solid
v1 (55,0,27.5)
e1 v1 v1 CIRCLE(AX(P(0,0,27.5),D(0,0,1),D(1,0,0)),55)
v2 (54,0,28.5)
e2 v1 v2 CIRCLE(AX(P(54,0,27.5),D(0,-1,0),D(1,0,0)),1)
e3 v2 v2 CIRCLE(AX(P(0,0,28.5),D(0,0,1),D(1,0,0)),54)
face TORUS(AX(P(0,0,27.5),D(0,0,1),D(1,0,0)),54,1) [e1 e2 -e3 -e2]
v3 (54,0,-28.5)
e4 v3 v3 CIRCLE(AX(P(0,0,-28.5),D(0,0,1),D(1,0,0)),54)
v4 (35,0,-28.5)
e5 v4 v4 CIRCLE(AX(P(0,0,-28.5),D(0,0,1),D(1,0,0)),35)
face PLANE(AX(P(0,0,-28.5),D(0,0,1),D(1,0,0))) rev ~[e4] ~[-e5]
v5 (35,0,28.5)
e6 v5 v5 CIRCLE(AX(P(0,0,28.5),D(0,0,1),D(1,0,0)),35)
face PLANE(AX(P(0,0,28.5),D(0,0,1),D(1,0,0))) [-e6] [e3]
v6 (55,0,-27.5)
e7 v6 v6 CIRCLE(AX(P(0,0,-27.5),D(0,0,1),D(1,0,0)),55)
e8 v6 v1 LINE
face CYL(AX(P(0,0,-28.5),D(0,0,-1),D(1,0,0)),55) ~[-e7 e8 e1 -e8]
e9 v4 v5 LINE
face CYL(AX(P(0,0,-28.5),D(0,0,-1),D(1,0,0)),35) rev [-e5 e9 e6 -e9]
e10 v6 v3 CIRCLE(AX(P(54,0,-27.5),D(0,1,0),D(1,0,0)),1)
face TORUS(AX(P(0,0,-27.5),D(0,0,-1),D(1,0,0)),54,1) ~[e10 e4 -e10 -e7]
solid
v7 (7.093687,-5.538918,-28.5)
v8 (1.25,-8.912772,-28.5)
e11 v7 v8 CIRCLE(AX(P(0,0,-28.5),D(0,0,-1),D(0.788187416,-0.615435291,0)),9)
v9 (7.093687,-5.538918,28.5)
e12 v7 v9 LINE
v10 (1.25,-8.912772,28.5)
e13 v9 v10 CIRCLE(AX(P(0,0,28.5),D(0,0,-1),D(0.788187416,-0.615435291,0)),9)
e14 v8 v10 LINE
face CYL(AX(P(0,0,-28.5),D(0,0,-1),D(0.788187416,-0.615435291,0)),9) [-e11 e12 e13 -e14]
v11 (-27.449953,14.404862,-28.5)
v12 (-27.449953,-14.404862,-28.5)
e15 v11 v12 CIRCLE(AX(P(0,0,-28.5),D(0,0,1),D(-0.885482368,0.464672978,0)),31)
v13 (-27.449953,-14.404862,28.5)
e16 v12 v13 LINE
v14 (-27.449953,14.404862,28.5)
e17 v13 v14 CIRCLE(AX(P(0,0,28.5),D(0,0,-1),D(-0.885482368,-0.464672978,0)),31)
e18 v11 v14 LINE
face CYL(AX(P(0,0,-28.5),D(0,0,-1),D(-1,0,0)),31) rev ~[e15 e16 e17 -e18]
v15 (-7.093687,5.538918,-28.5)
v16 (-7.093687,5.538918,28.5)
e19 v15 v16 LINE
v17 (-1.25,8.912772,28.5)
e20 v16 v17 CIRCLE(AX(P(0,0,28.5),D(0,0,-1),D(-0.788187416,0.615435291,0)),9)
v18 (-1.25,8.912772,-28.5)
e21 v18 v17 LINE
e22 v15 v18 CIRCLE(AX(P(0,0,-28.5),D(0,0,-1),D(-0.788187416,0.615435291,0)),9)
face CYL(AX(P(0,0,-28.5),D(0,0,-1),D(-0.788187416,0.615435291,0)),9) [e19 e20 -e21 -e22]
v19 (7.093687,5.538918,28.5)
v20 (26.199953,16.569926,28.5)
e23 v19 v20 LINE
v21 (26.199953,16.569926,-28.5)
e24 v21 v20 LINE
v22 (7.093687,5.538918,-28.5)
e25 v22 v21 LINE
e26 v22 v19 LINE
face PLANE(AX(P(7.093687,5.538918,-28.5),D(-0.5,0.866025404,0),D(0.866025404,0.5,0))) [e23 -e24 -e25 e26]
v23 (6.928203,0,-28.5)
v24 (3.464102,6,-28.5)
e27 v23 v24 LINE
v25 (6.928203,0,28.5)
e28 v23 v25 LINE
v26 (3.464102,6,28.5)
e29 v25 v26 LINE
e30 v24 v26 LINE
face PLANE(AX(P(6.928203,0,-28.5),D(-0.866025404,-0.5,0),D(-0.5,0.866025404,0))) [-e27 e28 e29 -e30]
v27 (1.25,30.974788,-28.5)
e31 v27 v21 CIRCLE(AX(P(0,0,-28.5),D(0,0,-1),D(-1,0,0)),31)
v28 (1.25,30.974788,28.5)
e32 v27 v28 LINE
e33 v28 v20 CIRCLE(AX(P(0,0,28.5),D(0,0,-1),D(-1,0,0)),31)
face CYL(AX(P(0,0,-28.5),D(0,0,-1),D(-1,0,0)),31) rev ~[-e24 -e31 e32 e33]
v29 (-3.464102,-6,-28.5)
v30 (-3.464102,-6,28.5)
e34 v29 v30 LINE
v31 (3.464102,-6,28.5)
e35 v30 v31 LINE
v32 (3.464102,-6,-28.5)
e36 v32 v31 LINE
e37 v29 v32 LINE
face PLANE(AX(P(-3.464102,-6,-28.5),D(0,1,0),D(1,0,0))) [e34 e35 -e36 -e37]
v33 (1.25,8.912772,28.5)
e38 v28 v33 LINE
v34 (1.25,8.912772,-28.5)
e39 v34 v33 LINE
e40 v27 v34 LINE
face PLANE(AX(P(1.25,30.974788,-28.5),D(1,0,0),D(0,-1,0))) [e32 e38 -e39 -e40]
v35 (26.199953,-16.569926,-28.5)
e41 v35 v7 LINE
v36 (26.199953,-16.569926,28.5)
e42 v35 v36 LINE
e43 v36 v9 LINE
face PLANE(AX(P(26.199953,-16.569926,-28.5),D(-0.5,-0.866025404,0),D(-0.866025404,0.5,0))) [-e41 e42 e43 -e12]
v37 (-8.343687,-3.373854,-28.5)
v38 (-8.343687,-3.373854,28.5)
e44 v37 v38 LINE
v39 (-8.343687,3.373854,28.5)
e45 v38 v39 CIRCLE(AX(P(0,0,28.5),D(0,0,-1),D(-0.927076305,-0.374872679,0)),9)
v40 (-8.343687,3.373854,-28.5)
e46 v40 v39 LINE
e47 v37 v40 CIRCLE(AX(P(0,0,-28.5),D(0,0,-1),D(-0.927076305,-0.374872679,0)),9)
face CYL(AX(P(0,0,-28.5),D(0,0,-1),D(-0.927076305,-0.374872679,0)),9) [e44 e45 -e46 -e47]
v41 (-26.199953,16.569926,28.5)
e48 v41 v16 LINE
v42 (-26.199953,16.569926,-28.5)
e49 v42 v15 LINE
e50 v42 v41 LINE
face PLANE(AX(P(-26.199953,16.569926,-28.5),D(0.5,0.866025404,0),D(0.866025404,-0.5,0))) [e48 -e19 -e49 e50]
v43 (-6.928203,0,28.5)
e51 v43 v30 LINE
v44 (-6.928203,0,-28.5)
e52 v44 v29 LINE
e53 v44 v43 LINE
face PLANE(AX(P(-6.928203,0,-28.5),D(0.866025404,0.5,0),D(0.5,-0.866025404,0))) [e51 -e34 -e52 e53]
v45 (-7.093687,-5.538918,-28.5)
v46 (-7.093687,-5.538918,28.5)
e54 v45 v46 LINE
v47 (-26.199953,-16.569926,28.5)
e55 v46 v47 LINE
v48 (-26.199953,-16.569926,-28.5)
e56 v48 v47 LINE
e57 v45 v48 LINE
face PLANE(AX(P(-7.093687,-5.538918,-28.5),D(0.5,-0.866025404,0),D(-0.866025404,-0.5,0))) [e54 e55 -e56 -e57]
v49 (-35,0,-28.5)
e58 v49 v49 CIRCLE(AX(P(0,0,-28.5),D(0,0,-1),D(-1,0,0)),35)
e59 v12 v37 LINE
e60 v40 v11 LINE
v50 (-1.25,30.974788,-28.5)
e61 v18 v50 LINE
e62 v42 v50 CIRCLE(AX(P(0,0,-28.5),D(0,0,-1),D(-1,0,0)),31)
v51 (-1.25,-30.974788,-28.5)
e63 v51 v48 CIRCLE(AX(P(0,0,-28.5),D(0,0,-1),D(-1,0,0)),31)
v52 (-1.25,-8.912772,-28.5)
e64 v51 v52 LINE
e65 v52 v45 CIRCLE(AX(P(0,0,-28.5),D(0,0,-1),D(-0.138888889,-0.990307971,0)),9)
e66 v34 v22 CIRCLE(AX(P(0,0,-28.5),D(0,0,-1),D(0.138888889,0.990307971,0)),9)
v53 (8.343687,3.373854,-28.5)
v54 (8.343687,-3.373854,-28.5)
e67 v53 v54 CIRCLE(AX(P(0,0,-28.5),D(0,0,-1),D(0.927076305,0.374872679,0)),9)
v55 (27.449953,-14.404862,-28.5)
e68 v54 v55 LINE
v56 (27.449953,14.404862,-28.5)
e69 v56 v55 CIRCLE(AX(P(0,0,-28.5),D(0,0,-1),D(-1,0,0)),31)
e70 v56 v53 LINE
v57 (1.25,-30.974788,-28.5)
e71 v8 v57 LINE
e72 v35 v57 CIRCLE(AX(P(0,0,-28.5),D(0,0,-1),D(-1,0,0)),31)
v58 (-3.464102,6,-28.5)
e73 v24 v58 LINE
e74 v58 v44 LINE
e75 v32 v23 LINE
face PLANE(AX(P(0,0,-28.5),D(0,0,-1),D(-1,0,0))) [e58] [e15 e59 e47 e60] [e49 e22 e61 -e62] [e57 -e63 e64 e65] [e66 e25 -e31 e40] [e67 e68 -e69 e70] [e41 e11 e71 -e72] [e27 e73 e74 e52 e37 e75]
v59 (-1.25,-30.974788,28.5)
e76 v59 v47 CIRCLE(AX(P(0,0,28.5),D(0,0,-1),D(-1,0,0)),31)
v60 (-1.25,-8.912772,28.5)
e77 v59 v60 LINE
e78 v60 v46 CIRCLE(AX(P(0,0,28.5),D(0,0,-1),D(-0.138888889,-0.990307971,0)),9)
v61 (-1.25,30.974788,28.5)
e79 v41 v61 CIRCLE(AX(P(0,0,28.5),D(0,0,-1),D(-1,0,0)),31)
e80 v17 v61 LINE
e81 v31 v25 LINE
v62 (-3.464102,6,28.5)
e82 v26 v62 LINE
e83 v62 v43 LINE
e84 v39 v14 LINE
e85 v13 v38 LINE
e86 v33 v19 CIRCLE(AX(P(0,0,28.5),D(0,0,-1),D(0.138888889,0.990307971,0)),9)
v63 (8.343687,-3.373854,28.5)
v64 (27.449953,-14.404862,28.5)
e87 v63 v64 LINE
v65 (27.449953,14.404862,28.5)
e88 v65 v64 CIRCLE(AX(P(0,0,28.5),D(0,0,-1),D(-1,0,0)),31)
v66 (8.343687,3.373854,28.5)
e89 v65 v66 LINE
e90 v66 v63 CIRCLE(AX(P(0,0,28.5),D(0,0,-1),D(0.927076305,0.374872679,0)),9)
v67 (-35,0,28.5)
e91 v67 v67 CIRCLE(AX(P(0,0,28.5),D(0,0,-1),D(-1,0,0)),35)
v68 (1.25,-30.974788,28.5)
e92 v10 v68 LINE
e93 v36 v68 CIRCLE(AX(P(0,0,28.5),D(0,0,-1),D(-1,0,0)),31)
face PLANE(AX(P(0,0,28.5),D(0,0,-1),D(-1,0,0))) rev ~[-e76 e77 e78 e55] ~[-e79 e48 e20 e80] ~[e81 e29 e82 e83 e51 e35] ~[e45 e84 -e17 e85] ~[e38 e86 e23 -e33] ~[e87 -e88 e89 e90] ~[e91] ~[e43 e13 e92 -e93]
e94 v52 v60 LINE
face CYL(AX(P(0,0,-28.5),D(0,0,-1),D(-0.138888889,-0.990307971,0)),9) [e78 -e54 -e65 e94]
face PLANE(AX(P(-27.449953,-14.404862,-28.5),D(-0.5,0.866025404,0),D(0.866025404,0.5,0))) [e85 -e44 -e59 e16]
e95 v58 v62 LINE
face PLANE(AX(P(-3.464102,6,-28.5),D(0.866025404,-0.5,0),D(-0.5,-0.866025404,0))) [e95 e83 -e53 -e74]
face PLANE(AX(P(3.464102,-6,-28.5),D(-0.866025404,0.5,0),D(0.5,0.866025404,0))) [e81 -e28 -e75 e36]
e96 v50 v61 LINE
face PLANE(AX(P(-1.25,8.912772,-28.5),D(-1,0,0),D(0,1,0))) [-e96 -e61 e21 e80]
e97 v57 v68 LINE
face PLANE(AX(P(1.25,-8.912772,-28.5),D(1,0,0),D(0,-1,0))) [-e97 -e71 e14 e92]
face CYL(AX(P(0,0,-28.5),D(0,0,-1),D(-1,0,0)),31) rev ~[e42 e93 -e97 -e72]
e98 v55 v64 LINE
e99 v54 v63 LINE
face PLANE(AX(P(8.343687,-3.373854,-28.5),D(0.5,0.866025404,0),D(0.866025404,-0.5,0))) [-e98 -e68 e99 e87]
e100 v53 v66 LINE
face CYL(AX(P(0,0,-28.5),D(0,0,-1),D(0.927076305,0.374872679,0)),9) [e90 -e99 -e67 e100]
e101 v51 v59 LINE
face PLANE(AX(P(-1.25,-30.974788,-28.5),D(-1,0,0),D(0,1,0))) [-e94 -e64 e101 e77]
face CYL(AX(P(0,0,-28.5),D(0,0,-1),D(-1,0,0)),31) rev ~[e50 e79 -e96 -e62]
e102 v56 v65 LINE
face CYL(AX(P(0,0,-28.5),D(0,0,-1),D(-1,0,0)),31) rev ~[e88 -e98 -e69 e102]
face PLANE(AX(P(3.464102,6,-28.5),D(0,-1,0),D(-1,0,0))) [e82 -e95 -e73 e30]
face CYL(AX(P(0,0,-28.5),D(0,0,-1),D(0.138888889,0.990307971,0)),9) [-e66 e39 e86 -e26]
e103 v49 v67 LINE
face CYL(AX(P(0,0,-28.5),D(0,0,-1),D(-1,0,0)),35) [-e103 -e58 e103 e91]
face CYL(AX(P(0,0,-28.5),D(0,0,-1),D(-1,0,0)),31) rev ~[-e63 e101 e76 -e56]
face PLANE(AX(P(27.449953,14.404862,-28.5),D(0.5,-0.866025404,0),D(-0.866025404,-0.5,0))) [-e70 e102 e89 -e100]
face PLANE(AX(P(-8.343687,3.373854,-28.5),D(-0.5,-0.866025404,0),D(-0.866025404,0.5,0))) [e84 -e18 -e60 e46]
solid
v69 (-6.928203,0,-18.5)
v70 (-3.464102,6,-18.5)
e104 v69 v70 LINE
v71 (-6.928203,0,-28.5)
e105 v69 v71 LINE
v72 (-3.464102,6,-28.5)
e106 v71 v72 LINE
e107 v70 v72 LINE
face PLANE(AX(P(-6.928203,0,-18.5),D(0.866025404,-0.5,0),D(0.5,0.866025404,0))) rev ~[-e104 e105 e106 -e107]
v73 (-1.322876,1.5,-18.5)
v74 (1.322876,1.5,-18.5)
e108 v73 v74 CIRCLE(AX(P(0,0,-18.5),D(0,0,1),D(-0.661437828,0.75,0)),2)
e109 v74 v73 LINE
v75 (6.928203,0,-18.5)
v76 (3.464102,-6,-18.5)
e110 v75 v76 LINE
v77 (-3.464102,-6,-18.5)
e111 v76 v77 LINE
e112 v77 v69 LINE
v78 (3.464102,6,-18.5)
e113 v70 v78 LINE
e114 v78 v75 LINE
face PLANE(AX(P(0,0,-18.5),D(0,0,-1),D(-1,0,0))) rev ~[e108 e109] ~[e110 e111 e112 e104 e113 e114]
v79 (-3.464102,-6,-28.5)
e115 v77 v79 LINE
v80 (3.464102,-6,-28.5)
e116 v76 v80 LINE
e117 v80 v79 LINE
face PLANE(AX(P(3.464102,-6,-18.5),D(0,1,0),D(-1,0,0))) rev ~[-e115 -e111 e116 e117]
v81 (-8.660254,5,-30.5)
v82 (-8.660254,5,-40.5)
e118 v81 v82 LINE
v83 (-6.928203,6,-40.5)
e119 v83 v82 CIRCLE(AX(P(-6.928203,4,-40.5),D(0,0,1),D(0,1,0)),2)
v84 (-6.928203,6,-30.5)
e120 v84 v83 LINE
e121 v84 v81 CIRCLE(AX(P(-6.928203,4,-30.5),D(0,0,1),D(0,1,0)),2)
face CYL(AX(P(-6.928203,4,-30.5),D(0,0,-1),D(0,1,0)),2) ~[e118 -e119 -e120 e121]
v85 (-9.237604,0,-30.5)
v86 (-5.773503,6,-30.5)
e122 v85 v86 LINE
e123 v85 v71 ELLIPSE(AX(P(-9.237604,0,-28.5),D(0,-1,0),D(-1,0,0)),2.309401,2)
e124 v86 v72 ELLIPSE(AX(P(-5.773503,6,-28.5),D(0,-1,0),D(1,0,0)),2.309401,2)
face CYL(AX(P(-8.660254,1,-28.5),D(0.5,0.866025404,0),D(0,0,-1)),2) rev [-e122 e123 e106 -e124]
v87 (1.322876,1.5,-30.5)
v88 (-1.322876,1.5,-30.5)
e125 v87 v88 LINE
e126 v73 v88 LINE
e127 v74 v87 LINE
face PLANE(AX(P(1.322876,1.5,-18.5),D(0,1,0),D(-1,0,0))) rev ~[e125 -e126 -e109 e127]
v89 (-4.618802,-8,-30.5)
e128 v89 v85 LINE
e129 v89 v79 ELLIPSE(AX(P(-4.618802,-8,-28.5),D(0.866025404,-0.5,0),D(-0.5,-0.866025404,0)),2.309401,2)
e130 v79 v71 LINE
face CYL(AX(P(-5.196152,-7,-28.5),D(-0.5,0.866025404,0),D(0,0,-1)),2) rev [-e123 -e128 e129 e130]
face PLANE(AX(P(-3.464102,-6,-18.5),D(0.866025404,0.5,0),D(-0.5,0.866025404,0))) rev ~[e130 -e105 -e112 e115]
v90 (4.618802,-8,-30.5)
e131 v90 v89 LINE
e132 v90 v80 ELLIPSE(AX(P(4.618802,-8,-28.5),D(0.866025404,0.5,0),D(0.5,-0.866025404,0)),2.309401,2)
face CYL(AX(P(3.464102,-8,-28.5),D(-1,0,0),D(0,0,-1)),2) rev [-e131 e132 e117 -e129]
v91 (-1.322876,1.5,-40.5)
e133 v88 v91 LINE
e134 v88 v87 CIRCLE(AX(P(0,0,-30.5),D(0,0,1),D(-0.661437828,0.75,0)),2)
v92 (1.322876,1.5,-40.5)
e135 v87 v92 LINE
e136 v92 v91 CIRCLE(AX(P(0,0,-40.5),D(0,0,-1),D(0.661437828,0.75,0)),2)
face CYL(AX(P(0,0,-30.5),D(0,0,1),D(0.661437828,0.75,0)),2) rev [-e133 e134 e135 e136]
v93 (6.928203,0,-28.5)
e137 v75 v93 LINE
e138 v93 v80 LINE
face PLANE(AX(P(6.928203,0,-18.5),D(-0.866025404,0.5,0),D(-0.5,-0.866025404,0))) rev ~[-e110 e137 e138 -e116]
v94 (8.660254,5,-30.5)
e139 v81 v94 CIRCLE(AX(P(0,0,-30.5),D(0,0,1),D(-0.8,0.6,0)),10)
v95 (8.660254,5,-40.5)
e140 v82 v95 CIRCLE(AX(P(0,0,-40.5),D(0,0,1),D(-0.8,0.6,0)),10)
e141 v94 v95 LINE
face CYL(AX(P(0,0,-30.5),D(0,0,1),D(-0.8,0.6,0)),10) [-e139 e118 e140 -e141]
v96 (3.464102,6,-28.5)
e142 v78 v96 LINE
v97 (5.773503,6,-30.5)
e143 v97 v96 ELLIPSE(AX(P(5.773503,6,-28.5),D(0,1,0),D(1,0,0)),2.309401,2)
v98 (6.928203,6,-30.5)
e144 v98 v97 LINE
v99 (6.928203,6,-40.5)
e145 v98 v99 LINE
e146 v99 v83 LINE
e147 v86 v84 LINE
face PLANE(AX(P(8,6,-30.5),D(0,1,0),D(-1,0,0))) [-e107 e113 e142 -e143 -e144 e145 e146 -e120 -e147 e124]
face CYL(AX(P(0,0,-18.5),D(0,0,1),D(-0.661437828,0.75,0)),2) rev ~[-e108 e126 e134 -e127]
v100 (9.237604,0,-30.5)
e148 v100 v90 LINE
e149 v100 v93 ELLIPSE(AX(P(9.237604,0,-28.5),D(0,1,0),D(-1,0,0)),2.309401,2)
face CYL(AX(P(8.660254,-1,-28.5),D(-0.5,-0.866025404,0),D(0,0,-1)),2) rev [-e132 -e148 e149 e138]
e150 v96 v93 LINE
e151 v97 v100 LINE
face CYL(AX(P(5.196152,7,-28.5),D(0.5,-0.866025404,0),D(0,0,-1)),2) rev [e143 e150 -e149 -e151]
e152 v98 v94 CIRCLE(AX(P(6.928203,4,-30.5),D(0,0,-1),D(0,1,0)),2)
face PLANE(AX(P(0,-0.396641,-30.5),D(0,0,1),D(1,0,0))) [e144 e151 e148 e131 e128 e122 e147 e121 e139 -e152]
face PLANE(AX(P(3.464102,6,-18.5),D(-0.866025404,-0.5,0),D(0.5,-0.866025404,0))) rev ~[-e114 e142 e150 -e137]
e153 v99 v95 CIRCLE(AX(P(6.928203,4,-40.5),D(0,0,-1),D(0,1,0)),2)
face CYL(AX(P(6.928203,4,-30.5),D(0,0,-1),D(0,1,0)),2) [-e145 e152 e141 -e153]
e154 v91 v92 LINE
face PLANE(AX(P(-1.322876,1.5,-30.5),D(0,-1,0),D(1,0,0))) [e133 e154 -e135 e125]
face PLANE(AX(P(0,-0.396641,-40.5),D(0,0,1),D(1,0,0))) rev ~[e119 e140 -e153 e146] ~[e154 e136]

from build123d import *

# Parameters (mm, degrees)
EXTRUDE_1_DEPTH      = 28.5
EXTRUDE_1_DEPTH_BACK = 28.5
SKETCH_1_R           = 55
SKETCH_1_R_2         = 35
FILLET_1_R           = 1
SKETCH_2_R           = 35
SKETCH_2_R_2         = 31
EXTRUDE_2_DEPTH      = 57
EXTRUDE_3_DEPTH      = 57
EXTRUDE_4_DEPTH      = 2
EXTRUDE_4_DEPTH_BACK = 10
EXTRUDE_5_DEPTH      = 10
FILLET_2_R           = 2
FILLET_3_R           = 2


with BuildPart() as part:
    # ｽｹｯﾁ1 → ﾎﾞｽ - 押し出し1 (new, two sides: drawn at the far end of the back side and taken through both)
    with BuildSketch(Plane.XY.offset(-EXTRUDE_1_DEPTH_BACK)):
        Circle(SKETCH_1_R)
        Circle(SKETCH_1_R_2, mode=Mode.SUBTRACT)
    extrude(amount=EXTRUDE_1_DEPTH + EXTRUDE_1_DEPTH_BACK)

    # ﾌｨﾚｯﾄ1
    fillet_1_edges = [part.edges().sort_by_distance(p)[0] for p in [
        (-55, 0, -28.5),
        (-55, 0, 28.5),
    ]]
    fillet(fillet_1_edges, radius=FILLET_1_R)


with BuildPart() as body_2:
    # ｽｹｯﾁ2 → ﾎﾞｽ - 押し出し2 (new body)
    with BuildSketch(Plane(origin=(0, 0, -28.5), x_dir=(-1, 0, 0), z_dir=(0, 0, -1))):
        Circle(SKETCH_2_R)
        Circle(SKETCH_2_R_2, mode=Mode.SUBTRACT)
    extrude(amount=-EXTRUDE_2_DEPTH)

    # ｽｹｯﾁ3 → ﾎﾞｽ - 押し出し3 (add)
    with BuildSketch(Plane(origin=(0, 0, -28.5), x_dir=(-1, 0, 0), z_dir=(0, 0, -1))):
        with BuildLine():
            ThreePointArc((1.25, 30.974788135), (0, 31), (-1.25, 30.974788135))
            Line((-1.25, 30.974788135), (-1.25, 8.912771735))
            ThreePointArc((-1.25, 8.912771735), (-4.5, 7.794228634), (-7.093686741, 5.538917622))
            Line((-7.093686741, 5.538917622), (-26.199953402, 16.569925822))
            ThreePointArc((-26.199953402, 16.569925822), (-26.846787517, 15.5), (-27.449953402, 14.404862313))
            Line((-27.449953402, 14.404862313), (-8.343686741, 3.373854113))
            ThreePointArc((-8.343686741, 3.373854113), (-9, 0), (-8.343686741, -3.373854113))
            Line((-8.343686741, -3.373854113), (-27.449953402, -14.404862313))
            ThreePointArc((-27.449953402, -14.404862313), (-26.846787517, -15.5), (-26.199953402, -16.569925822))
            Line((-26.199953402, -16.569925822), (-7.093686741, -5.538917622))
            ThreePointArc((-7.093686741, -5.538917622), (-4.5, -7.794228634), (-1.25, -8.912771735))
            Line((-1.25, -8.912771735), (-1.25, -30.974788135))
            ThreePointArc((-1.25, -30.974788135), (0, -31), (1.25, -30.974788135))
            Line((1.25, -30.974788135), (1.25, -8.912771735))
            ThreePointArc((1.25, -8.912771735), (4.5, -7.794228634), (7.093686741, -5.538917622))
            Line((7.093686741, -5.538917622), (26.199953402, -16.569925822))
            ThreePointArc((26.199953402, -16.569925822), (26.846787517, -15.5), (27.449953402, -14.404862313))
            Line((27.449953402, -14.404862313), (8.343686741, -3.373854113))
            ThreePointArc((8.343686741, -3.373854113), (9, 0), (8.343686741, 3.373854113))
            Line((8.343686741, 3.373854113), (27.449953402, 14.404862313))
            ThreePointArc((27.449953402, 14.404862313), (26.846787517, 15.5), (26.199953402, 16.569925822))
            Line((26.199953402, 16.569925822), (7.093686741, 5.538917622))
            ThreePointArc((7.093686741, 5.538917622), (4.5, 7.794228634), (1.25, 8.912771735))
            Line((1.25, 8.912771735), (1.25, 30.974788135))
        make_face()
        Polygon((-3.464101615, 6), (3.464101615, 6), (6.92820323, 0), (3.464101615, -6), (-3.464101615, -6), (-6.92820323, 0), align=None, mode=Mode.SUBTRACT)
    extrude(amount=-EXTRUDE_3_DEPTH)


with BuildPart() as body_3:
    # ｽｹｯﾁ4 → ﾎﾞｽ - 押し出し4 (new, two sides: drawn at the far end of the back side and taken through both)
    with BuildSketch(Plane(origin=(0, 0, -28.5), x_dir=(-1, 0, 0), z_dir=(0, 0, -1)).offset(-EXTRUDE_4_DEPTH_BACK)):
        Polygon((-3.464101615, 6), (-6.92820323, 0), (-3.464101615, -6), (3.464101615, -6), (6.92820323, 0), (3.464101615, 6), align=None)
        with BuildLine():
            Line((-1.322875656, 1.5), (1.322875656, 1.5))
            ThreePointArc((1.322875656, 1.5), (0, -2), (-1.322875656, 1.5))
        make_face(mode=Mode.SUBTRACT)
    extrude(amount=EXTRUDE_4_DEPTH + EXTRUDE_4_DEPTH_BACK)

    # ｽｹｯﾁ7 → ﾎﾞｽ - 押し出し5 (add)
    with BuildSketch(Plane(origin=(0, 0, -30.5), x_dir=(-1, 0, 0), z_dir=(0, 0, -1))):
        with BuildLine():
            Line((-8, 6), (8, 6))
            ThreePointArc((8, 6), (0, -10), (-8, 6))
        make_face()
        with BuildLine():
            Line((1.322875656, 1.5), (-1.322875656, 1.5))
            ThreePointArc((-1.322875656, 1.5), (0, -2), (1.322875656, 1.5))
        make_face(mode=Mode.SUBTRACT)
    extrude(amount=EXTRUDE_5_DEPTH)

    # ﾌｨﾚｯﾄ2
    fillet_2_edges = [body_3.edges().sort_by_distance(p)[0] for p in [
        (5.196152423, -3, -30.5),
        (0, -6, -30.5),
        (-5.196152423, -3, -30.5),
        (-5.196152423, 3, -30.5),
        (5.196152423, 3, -30.5),
    ]]
    fillet(fillet_2_edges, radius=FILLET_2_R)

    # ﾌｨﾚｯﾄ3
    fillet_3_edges = [body_3.edges().sort_by_distance(p)[0] for p in [
        (8, 6, -35.5),
        (-8, 6, -35.5),
    ]]
    fillet(fillet_3_edges, radius=FILLET_3_R)


solid = Compound([part.part, body_2.part, body_3.part])
